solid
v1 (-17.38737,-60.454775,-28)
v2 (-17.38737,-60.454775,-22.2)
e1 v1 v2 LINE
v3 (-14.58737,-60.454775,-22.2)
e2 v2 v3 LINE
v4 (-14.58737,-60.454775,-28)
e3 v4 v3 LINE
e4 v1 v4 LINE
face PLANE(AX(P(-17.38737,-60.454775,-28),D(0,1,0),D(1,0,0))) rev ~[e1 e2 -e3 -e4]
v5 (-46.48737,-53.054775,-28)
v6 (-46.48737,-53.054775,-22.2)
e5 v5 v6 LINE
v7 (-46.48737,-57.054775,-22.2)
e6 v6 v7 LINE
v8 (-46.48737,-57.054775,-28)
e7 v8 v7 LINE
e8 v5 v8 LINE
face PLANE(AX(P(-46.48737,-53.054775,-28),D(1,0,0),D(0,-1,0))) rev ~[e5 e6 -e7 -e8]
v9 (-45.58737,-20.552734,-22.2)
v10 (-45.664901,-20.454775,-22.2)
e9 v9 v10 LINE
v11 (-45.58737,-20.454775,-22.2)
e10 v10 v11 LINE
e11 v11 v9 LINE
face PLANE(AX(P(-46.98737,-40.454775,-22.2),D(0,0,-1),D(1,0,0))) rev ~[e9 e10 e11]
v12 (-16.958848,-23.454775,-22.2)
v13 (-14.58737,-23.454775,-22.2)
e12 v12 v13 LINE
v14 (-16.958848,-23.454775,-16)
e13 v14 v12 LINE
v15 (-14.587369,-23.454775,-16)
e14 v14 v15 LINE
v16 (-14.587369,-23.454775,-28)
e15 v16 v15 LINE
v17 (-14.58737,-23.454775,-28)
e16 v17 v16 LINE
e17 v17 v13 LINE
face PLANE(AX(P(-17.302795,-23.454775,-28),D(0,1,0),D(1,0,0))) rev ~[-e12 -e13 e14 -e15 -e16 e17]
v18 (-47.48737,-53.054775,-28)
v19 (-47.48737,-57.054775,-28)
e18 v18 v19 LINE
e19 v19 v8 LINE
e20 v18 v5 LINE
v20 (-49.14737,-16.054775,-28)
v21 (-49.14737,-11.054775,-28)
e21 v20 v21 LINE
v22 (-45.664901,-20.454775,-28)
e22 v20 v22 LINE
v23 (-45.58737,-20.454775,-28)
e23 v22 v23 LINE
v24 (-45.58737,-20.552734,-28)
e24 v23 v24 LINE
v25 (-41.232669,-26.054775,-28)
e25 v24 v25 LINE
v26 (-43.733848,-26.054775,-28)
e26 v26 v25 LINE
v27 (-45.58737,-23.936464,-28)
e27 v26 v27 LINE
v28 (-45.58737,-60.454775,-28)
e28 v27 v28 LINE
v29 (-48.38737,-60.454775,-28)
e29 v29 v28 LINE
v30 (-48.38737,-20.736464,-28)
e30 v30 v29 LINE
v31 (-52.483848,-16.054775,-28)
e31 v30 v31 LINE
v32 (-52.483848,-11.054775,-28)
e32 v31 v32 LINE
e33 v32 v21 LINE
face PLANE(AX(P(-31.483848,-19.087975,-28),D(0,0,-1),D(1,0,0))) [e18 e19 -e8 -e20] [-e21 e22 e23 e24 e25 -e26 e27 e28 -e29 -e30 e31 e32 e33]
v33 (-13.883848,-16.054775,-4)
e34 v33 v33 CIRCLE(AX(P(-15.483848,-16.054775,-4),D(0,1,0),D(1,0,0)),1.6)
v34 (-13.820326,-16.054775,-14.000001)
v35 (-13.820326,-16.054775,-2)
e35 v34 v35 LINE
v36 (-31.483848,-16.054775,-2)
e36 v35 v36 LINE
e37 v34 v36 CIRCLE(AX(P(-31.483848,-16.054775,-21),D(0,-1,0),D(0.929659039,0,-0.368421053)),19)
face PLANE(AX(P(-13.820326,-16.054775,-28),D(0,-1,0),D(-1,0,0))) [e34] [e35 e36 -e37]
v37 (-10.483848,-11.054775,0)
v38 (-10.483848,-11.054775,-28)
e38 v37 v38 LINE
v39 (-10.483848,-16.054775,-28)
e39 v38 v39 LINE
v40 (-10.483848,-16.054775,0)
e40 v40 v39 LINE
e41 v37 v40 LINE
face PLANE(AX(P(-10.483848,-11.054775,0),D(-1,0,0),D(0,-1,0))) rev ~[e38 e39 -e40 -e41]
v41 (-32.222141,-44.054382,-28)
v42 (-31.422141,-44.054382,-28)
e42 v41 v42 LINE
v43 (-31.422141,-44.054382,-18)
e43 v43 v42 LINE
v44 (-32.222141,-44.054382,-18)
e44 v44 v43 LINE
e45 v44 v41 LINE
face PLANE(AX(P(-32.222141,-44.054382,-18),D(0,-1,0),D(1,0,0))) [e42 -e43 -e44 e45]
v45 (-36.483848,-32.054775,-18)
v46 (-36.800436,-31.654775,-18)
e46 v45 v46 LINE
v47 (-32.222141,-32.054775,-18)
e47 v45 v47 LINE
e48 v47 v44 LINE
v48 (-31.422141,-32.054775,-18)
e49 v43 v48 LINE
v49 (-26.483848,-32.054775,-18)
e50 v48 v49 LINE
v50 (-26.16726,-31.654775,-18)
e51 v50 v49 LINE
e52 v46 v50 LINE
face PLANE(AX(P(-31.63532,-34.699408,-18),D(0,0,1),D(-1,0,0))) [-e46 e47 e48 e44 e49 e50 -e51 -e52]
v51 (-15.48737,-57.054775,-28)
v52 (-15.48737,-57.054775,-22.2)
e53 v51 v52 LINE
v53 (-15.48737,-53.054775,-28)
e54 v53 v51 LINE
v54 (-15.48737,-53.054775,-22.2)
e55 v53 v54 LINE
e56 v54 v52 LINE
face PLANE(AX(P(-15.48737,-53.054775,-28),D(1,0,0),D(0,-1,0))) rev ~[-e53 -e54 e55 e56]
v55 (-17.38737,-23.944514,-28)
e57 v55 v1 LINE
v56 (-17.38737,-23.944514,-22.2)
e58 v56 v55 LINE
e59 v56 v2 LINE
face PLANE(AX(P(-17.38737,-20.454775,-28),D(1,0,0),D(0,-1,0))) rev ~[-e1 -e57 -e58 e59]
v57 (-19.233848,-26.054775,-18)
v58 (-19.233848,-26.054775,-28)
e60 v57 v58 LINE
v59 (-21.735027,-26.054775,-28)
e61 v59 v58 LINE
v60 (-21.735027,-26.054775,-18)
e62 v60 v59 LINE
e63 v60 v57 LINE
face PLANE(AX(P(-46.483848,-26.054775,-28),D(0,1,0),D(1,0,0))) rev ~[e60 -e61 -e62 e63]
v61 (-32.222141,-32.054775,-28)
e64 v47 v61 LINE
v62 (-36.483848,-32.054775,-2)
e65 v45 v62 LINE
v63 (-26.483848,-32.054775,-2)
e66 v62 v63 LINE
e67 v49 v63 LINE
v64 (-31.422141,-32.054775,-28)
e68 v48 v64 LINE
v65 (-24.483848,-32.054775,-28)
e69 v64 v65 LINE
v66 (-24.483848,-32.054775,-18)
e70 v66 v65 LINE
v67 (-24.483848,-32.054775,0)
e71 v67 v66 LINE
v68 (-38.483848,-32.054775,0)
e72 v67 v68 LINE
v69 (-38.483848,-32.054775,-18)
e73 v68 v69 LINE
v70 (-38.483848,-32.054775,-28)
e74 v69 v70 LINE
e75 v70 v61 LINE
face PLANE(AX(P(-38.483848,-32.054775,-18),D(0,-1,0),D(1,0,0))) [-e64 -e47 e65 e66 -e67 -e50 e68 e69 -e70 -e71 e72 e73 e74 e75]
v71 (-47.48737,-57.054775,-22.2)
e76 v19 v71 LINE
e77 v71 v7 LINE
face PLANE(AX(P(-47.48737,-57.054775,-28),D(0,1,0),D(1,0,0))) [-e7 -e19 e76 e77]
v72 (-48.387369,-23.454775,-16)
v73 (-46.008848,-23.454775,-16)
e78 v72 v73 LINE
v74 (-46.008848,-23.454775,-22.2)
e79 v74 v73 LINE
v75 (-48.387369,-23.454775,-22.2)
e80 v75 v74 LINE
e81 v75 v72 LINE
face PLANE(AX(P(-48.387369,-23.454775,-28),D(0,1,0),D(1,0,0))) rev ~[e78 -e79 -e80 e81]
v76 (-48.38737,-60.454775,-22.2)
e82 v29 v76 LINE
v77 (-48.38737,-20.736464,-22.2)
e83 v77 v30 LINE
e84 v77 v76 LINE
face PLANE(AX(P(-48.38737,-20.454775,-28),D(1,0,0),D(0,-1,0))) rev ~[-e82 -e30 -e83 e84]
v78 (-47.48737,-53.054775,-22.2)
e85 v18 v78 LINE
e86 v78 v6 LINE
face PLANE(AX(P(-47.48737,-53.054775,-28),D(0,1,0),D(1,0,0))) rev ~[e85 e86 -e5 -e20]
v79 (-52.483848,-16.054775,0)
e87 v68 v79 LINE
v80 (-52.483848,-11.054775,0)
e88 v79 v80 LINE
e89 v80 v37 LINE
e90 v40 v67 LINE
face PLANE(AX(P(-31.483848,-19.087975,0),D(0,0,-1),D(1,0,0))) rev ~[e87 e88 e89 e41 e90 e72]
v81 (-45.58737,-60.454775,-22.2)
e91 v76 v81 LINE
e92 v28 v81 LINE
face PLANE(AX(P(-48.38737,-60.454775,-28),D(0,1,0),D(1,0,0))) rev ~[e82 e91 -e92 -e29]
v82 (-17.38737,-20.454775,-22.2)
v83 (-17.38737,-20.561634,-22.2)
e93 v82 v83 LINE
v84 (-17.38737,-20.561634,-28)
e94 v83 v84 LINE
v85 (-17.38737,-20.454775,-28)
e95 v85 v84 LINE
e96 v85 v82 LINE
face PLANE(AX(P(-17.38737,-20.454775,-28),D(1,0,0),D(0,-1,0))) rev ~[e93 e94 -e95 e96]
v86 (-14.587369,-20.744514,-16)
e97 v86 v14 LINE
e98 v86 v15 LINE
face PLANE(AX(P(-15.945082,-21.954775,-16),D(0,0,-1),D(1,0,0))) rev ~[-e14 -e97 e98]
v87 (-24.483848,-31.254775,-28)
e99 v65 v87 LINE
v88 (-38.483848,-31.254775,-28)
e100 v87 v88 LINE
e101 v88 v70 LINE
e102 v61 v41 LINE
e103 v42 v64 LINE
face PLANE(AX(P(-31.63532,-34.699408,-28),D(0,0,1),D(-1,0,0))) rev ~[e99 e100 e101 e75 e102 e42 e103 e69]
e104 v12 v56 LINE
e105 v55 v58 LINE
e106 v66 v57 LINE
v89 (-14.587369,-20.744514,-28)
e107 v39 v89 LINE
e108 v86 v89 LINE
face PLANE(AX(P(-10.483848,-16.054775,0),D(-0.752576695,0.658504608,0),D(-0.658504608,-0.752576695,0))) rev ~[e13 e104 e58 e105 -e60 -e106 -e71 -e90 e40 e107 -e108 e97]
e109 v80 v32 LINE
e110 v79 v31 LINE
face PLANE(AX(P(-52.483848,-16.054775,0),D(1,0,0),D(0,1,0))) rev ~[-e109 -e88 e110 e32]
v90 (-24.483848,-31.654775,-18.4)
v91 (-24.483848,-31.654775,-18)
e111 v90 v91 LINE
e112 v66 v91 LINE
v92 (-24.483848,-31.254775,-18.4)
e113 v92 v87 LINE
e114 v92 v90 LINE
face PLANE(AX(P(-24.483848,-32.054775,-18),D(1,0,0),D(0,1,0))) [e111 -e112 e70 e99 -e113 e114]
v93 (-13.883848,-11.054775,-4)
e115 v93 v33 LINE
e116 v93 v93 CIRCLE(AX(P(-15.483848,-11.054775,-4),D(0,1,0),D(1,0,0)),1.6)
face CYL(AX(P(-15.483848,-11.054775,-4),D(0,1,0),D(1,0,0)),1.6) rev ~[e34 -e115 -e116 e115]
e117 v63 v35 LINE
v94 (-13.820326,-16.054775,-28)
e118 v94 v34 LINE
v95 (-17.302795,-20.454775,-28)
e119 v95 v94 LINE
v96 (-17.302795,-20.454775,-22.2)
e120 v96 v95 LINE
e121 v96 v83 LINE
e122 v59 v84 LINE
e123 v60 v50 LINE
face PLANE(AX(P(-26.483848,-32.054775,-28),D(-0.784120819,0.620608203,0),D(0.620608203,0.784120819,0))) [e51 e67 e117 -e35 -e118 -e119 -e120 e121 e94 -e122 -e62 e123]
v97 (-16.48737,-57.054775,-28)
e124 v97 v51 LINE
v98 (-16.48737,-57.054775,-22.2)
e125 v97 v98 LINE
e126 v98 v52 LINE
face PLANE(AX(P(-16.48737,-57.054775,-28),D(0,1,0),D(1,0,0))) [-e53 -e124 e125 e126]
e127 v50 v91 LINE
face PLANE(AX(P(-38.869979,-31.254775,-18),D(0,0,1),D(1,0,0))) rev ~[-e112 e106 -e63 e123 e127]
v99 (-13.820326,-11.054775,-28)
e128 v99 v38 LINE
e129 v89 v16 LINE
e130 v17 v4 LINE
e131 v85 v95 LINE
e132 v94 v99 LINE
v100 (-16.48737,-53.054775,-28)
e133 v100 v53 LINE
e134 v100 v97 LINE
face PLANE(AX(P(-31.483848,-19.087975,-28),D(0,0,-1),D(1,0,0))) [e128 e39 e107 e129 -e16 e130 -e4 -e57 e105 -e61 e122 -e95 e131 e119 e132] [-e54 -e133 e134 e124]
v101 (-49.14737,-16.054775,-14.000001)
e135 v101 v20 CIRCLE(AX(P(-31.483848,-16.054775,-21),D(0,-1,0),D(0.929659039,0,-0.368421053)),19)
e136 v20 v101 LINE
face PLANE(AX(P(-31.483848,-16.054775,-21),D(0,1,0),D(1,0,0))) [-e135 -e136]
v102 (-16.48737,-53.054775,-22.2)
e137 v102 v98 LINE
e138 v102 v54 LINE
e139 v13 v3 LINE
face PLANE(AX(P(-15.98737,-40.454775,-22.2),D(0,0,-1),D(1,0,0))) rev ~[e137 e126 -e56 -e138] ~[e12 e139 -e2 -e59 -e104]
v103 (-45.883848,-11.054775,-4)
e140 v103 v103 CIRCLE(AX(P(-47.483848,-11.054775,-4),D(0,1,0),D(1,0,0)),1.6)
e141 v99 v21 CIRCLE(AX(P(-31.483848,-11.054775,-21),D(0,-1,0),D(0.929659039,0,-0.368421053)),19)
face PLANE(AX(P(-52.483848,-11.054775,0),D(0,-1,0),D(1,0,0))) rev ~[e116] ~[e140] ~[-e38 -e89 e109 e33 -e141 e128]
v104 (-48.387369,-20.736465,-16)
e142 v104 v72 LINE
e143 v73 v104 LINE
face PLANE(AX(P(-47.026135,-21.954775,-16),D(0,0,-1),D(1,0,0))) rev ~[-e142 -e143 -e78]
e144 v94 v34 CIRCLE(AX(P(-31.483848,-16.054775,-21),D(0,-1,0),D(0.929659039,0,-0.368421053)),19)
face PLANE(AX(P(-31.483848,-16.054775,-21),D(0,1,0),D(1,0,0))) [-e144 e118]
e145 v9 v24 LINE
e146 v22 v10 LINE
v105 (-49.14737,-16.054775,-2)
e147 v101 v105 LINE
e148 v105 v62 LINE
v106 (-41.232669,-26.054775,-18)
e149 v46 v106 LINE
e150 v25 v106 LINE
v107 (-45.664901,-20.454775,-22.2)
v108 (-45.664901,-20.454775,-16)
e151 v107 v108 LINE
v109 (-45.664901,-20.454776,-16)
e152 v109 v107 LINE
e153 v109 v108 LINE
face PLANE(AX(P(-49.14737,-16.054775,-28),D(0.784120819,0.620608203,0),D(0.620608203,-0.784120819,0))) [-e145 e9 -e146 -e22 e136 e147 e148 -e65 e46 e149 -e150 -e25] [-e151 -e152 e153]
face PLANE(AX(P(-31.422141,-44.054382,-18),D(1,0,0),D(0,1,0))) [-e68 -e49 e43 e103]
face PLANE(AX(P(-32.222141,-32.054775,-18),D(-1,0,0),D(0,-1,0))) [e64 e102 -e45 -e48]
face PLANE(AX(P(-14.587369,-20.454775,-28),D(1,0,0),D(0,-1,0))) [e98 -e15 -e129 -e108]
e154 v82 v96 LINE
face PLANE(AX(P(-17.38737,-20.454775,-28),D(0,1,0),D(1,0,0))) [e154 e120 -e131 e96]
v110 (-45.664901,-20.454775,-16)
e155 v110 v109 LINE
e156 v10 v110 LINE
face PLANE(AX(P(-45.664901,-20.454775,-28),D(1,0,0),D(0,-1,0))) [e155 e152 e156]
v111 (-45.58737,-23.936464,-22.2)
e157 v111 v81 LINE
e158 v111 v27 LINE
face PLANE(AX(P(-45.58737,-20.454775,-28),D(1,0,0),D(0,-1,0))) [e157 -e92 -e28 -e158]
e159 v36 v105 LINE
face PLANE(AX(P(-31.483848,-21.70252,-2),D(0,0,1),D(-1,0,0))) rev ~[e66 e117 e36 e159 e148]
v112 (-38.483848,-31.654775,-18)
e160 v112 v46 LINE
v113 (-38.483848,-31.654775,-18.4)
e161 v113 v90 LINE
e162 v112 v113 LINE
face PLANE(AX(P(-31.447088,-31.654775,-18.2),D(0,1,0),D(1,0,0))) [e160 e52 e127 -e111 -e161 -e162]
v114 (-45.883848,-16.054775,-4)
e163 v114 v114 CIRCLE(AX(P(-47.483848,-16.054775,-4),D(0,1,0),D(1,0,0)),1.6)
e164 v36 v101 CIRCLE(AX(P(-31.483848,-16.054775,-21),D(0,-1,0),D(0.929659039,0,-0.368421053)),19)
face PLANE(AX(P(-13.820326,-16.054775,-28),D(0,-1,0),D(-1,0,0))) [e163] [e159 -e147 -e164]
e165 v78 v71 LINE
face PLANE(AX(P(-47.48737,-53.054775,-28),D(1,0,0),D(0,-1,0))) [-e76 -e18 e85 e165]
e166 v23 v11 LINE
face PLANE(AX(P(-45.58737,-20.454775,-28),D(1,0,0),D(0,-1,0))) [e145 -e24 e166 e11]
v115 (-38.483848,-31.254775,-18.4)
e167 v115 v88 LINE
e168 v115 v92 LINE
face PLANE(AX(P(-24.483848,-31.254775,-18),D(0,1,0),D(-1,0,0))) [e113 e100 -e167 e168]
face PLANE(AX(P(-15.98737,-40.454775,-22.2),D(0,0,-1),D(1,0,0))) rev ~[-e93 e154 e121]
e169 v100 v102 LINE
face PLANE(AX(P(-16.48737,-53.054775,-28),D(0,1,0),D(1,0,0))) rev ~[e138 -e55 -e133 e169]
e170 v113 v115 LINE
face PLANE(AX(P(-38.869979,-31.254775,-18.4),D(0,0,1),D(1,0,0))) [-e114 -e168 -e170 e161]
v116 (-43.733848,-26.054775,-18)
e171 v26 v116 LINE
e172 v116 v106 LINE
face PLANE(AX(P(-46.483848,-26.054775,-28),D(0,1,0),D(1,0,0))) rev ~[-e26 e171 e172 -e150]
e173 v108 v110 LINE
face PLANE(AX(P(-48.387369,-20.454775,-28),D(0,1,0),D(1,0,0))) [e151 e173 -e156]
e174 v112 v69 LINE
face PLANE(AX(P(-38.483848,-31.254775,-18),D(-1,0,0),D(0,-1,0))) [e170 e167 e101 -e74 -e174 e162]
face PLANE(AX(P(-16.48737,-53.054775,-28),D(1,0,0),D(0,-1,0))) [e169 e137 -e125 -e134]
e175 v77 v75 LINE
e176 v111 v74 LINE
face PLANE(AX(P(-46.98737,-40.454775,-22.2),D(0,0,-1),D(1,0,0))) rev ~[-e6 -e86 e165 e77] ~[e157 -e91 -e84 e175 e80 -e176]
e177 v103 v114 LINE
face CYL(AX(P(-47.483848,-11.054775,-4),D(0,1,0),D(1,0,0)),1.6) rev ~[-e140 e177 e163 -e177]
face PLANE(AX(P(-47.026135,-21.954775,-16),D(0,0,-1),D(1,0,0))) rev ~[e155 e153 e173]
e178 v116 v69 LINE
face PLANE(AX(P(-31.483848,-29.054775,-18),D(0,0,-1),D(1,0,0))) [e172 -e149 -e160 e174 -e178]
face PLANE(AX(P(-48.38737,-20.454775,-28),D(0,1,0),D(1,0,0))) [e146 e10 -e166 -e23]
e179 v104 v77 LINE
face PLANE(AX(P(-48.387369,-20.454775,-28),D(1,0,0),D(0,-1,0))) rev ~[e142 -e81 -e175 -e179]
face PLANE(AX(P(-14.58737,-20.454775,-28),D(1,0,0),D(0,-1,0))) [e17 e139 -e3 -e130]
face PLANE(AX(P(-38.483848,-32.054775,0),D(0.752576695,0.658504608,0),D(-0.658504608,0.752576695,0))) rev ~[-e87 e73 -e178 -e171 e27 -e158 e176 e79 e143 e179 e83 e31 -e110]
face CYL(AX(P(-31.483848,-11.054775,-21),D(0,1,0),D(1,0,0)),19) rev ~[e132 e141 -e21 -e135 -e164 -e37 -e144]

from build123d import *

# Parameters (mm, degrees)
PAD_DEPTH       = 28
SKETCH001_R     = 19
POCKET_DEPTH    = 5
POCKET001_DEPTH = 26
SKETCH003_W     = 30
SKETCH003_H     = 6
POCKET002_DEPTH = 10
SKETCH004_W     = 2.8
SKETCH004_H     = 40
PAD001_DEPTH    = 5.8
SKETCH005_W     = 2.722469
SKETCH005_H     = 3
SKETCH005_W_2   = 2.715425
PAD002_DEPTH    = 12
SKETCH006_R     = 1.6
POCKET003_DEPTH = 5
SKETCH007_W     = 1
SKETCH007_H     = 4
POCKET004_DEPTH = 6
PAD003_DEPTH    = 10
SKETCH009_W     = 14.845783
SKETCH009_H     = 0.4
POCKET005_DEPTH = 0.4


with BuildPart() as part:
    # Sketch → Pad (new body)
    with BuildSketch(Plane(origin=(0, 0, 0), x_dir=(1, 0, 0), z_dir=(0, 0, -1))):
        Polygon((-52.483848, 11.054775), (-10.483848, 11.054775), (-10.483848, 16.054775), (-24.483848, 32.054775), (-38.483848, 32.054775), (-52.483848, 16.054775), align=None)
    extrude(amount=PAD_DEPTH)

    # Sketch001 → Pocket (cut)
    with BuildSketch(Plane(origin=(0, -11.054775, 0), x_dir=(1, 0, 0), z_dir=(0, 1, 0))):
        with Locations((-31.483848, 21)):
            Circle(SKETCH001_R)
    extrude(amount=-POCKET_DEPTH, mode=Mode.SUBTRACT)

    # Sketch002 → Pocket001 (cut)
    with BuildSketch(Plane(origin=(0, 0, -28), x_dir=(1, 0, 0), z_dir=(0, 0, -1))):
        Polygon((-49.14737, 16.054775), (-36.483848, 32.054775), (-26.483848, 32.054775), (-13.820326, 16.054775), align=None)
    extrude(amount=-POCKET001_DEPTH, mode=Mode.SUBTRACT)

    # Sketch003 → Pocket002 (cut)
    with BuildSketch(Plane(origin=(0, 0, -28), x_dir=(1, 0, 0), z_dir=(0, 0, -1))):
        with Locations((-31.483848, 29.054775)):
            Rectangle(SKETCH003_W, SKETCH003_H)
    extrude(amount=-POCKET002_DEPTH, mode=Mode.SUBTRACT)

    # Sketch004 → Pad001 (new body)
    with BuildSketch(Plane(origin=(0, 0, -28), x_dir=(1, 0, 0), z_dir=(0, 0, -1))):
        with Locations((-46.98737, 40.454775)):
            Rectangle(SKETCH004_W, SKETCH004_H)
        with Locations((-15.98737, 40.454775)):
            Rectangle(SKETCH004_W, SKETCH004_H)
    extrude(amount=-PAD001_DEPTH)

    # Sketch005 → Pad002 (new body)
    with BuildSketch(Plane(origin=(0, 0, -28), x_dir=(1, 0, 0), z_dir=(0, 0, -1))):
        with Locations((-47.026135, 21.954775)):
            Rectangle(SKETCH005_W, SKETCH005_H)
        with Locations((-15.945082, 21.954775)):
            Rectangle(SKETCH005_W_2, SKETCH005_H)
    extrude(amount=-PAD002_DEPTH)

    # Sketch006 → Pocket003 (cut)
    with BuildSketch(Plane(origin=(0, -11.054775, 0), x_dir=(1, 0, 0), z_dir=(0, 1, 0))):
        with Locations((-47.483848, 4)):
            Circle(SKETCH006_R)
        with Locations((-15.483848, 4)):
            Circle(SKETCH006_R)
    extrude(amount=-POCKET003_DEPTH, mode=Mode.SUBTRACT)

    # Sketch007 → Pocket004 (cut)
    with BuildSketch(Plane(origin=(0, 0, -28), x_dir=(1, 0, 0), z_dir=(0, 0, -1))):
        with Locations((-46.98737, 55.054775)):
            Rectangle(SKETCH007_W, SKETCH007_H)
        with Locations((-15.98737, 55.054775)):
            Rectangle(SKETCH007_W, SKETCH007_H)
    extrude(amount=-POCKET004_DEPTH, mode=Mode.SUBTRACT)

    # Sketch008 → Pad003 (new body)
    with BuildSketch(Plane(origin=(0, 0, -18), x_dir=(1, 0, 0), z_dir=(0, 0, -1))):
        Polygon((-32.222141, 44.054382), (-31.422141, 44.054382), (-31.422141, 32.054775), (-24.483848, 32.054775), (-24.483848, 31.254775), (-38.483848, 31.254775), (-38.483848, 32.054775), (-32.222141, 32.054775), align=None)
    extrude(amount=PAD003_DEPTH)

    # Sketch009 → Pocket005 (cut)
    with BuildSketch(Plane(origin=(0, -31.254775, 0), x_dir=(1, 0, 0), z_dir=(0, 1, 0))):
        with Locations((-31.447088, 18.2)):
            Rectangle(SKETCH009_W, SKETCH009_H)
    extrude(amount=-POCKET005_DEPTH, mode=Mode.SUBTRACT)


solid = part.part
